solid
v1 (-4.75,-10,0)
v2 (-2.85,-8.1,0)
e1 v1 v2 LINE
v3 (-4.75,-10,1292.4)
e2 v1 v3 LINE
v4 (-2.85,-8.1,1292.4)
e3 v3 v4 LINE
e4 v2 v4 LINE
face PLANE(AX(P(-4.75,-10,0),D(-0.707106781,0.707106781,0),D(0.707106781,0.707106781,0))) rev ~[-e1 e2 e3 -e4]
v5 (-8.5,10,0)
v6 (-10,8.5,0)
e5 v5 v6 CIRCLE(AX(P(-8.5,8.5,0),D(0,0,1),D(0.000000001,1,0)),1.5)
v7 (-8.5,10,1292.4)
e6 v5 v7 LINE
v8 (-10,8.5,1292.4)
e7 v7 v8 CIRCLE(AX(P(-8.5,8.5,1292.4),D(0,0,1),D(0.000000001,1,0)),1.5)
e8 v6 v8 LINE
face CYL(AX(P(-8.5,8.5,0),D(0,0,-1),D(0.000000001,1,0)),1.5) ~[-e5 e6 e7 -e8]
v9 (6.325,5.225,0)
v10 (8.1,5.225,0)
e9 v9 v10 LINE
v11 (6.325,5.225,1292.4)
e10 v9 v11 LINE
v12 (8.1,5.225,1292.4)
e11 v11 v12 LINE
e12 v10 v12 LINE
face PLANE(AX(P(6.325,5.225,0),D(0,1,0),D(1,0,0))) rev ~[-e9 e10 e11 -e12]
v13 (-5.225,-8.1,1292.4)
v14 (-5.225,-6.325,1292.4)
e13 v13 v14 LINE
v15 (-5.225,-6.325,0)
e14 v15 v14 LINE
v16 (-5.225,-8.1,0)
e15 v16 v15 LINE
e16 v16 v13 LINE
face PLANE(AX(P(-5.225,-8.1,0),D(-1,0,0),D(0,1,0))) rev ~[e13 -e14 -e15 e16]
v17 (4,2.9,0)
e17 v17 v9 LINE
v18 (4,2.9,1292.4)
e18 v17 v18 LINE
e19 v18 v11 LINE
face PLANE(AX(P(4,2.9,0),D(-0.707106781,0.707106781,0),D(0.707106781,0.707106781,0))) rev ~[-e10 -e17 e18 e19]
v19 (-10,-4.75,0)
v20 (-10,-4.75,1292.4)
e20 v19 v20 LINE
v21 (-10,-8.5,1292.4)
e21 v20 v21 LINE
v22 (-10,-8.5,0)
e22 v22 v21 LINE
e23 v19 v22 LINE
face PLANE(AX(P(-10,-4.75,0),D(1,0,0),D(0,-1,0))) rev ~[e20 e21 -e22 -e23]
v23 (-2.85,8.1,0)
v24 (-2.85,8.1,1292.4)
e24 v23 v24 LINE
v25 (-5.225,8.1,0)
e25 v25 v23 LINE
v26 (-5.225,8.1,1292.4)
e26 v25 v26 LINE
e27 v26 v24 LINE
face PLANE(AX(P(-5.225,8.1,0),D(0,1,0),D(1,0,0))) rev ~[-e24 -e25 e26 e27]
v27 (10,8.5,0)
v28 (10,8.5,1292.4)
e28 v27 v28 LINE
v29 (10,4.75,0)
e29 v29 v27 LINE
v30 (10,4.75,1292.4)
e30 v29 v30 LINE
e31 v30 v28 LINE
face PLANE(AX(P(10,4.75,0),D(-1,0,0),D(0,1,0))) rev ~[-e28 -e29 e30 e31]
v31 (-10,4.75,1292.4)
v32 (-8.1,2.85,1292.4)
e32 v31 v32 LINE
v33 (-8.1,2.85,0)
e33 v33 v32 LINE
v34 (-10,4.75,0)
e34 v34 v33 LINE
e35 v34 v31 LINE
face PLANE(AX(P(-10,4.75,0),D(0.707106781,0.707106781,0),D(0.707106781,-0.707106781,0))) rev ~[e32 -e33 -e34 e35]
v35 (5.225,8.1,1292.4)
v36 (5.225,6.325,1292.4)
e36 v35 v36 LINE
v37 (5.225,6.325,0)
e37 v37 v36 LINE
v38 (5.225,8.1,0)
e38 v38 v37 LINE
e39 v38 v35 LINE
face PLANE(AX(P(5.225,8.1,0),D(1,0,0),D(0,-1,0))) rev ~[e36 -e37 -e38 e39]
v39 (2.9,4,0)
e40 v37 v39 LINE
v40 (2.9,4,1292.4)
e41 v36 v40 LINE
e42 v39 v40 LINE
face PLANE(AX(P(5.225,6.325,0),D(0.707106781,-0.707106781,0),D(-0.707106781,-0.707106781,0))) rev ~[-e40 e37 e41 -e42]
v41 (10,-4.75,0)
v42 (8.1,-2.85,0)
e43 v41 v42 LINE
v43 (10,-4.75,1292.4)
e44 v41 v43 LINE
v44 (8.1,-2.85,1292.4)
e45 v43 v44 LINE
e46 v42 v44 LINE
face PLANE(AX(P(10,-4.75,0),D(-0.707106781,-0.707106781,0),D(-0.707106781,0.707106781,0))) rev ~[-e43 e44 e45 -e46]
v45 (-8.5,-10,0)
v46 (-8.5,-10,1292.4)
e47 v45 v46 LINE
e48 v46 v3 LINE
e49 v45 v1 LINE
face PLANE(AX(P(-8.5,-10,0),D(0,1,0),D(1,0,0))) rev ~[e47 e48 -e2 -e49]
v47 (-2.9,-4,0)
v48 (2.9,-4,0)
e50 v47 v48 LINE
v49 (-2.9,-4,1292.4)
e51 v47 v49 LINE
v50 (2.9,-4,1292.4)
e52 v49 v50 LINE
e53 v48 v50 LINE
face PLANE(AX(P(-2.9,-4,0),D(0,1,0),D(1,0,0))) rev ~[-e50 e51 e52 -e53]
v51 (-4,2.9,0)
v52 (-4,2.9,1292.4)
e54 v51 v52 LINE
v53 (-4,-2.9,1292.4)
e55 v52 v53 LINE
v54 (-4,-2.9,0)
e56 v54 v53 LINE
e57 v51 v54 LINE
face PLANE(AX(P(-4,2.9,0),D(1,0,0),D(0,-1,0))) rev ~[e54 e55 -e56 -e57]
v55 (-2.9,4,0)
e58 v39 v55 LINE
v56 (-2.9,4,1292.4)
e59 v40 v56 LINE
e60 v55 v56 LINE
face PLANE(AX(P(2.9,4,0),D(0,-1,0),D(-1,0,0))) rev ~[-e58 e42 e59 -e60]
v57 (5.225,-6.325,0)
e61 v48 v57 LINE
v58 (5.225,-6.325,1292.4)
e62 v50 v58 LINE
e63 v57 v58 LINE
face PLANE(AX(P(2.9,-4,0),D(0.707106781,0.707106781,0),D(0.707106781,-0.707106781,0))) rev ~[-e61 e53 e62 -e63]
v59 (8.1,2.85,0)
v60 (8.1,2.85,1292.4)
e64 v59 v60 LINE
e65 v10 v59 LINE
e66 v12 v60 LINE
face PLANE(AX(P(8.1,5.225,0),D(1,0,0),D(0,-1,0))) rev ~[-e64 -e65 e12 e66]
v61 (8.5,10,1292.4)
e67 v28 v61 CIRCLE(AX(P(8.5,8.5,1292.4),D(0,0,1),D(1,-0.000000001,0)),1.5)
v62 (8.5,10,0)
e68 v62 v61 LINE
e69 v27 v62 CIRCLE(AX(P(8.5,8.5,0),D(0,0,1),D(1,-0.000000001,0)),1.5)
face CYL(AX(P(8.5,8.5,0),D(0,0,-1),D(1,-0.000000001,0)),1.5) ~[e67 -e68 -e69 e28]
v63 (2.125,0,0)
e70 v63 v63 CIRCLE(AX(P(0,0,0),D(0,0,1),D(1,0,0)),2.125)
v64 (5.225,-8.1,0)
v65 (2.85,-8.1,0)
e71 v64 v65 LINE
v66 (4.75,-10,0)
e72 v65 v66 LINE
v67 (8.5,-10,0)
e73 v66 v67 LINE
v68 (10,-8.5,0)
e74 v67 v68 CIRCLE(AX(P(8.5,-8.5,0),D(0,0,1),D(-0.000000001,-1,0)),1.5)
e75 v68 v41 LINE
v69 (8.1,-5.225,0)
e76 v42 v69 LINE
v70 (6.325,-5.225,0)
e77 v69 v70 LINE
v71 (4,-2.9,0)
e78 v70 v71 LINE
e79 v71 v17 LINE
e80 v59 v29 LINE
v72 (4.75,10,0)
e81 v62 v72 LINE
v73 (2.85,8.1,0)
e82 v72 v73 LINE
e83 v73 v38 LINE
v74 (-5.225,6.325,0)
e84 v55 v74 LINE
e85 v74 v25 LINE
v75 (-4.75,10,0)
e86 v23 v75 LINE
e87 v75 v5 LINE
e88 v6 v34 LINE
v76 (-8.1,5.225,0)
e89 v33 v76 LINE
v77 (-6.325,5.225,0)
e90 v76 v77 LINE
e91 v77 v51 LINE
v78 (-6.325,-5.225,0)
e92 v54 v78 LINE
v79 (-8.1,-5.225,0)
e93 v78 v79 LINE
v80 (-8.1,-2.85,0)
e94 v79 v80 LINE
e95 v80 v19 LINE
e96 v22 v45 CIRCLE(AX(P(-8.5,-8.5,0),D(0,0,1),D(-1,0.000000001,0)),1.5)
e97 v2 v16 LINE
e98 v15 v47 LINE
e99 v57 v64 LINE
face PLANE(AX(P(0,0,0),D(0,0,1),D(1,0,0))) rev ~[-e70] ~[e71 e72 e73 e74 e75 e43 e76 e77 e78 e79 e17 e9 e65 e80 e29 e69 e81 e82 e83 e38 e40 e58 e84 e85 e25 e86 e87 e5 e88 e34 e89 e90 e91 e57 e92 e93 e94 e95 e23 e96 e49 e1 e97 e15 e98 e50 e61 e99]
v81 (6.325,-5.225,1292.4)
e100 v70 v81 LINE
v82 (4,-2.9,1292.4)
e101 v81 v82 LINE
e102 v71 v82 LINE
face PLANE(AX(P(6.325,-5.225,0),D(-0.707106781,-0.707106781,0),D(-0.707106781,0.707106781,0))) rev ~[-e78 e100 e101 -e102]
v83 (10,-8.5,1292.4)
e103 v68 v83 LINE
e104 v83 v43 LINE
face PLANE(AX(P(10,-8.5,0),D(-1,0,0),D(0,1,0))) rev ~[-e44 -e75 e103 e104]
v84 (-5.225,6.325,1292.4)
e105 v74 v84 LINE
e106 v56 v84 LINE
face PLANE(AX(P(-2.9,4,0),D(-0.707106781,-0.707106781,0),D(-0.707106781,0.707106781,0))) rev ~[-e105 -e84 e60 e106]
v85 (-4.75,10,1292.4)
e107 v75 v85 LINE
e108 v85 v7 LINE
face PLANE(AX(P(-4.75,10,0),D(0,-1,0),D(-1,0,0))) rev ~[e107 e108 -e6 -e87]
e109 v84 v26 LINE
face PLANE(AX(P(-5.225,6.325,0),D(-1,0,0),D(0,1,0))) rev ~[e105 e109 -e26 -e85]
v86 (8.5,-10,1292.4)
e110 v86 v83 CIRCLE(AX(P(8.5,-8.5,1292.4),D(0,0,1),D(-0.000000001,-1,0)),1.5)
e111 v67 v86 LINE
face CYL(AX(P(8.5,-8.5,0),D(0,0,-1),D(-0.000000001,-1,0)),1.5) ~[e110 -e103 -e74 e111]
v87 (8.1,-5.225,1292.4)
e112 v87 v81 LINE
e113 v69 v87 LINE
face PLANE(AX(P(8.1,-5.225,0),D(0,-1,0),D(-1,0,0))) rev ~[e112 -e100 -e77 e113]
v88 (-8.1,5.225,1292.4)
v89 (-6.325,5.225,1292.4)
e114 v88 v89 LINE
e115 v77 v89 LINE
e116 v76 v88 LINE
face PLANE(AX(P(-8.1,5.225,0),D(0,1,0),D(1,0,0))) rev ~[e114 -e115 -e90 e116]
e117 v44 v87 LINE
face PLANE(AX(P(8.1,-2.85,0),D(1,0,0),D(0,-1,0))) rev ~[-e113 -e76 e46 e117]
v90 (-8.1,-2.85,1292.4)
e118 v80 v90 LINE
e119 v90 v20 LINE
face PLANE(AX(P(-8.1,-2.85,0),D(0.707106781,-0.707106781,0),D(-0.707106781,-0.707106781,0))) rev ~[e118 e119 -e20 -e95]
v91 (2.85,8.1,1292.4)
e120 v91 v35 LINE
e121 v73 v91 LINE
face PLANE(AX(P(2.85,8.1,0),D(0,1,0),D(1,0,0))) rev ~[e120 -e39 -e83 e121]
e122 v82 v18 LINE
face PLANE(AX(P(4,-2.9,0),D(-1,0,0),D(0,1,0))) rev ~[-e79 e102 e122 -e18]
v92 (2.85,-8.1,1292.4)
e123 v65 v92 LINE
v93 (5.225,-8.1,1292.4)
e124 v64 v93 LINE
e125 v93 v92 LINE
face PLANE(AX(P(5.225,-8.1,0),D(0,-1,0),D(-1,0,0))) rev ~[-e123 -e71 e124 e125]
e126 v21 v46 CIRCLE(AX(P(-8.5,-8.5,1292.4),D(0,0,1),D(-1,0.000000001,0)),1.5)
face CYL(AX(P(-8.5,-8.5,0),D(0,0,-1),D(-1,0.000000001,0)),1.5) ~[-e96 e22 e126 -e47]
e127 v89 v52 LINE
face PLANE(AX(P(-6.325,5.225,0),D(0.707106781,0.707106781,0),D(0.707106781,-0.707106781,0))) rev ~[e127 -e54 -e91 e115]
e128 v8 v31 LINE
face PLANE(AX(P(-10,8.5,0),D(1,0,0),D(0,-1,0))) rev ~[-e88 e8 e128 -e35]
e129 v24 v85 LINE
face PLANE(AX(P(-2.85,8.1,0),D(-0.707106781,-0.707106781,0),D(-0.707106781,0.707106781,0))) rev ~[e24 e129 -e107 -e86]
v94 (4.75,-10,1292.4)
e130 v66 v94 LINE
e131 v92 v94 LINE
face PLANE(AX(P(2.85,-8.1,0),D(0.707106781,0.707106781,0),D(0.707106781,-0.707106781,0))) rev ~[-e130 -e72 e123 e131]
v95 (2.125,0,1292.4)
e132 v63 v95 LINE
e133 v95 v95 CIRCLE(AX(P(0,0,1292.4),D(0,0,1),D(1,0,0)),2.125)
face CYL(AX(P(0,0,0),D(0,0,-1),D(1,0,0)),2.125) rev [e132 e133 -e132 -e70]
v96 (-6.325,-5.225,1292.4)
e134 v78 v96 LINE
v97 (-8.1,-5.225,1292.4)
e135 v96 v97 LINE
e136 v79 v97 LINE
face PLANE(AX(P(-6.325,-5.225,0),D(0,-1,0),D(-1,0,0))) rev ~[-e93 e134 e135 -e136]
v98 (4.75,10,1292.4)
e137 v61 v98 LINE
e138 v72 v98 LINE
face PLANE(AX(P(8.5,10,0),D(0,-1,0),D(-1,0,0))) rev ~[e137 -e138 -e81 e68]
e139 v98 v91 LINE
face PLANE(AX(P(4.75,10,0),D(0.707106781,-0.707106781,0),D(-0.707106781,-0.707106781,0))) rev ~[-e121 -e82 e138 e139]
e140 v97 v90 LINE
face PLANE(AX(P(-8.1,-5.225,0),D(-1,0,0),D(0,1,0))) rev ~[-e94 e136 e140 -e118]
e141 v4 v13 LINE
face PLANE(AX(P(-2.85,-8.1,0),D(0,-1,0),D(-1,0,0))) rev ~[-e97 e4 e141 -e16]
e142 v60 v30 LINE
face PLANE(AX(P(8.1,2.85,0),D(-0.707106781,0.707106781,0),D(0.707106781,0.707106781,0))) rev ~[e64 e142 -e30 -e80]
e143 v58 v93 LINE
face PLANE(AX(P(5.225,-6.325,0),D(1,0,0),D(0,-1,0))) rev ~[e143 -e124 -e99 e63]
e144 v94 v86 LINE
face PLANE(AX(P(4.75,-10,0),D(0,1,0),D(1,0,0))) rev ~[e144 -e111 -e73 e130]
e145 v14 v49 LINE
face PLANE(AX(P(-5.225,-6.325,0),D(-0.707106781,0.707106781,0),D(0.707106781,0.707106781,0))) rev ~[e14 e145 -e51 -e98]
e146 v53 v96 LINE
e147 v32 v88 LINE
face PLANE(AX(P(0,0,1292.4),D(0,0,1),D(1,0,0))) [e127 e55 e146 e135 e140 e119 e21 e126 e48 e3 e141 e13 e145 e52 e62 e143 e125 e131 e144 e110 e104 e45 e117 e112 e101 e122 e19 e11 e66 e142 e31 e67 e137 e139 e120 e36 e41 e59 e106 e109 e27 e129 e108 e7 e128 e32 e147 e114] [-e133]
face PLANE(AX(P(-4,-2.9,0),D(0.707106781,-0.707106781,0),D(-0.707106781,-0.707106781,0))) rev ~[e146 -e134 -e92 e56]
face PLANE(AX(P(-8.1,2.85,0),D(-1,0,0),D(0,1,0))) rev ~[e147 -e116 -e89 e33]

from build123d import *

# Parameters (mm, degrees)
SKETCH1_R           = 2.125
BOSS_EXTRUDE1_DEPTH = 1292.4


with BuildPart() as part:
    # Sketch1 → Boss-Extrude1 (new body)
    with BuildSketch(Plane.XY):
        with BuildLine():
            Line((8.1, 5.225), (8.1, 2.85))
            Line((8.1, 2.85), (10, 4.75))
            Line((10, 4.75), (10, 8.5))
            ThreePointArc((10, 8.5), (9.560660172, 9.560660172), (8.5, 10))
            Line((8.5, 10), (4.75, 10))
            Line((4.75, 10), (2.85, 8.1))
            Line((2.85, 8.1), (5.225, 8.1))
            Line((5.225, 8.1), (5.225, 6.325))
            Line((5.225, 6.325), (2.9, 4))
            Line((2.9, 4), (-2.9, 4))
            Line((-2.9, 4), (-5.225, 6.325))
            Line((-5.225, 6.325), (-5.225, 8.1))
            Line((-5.225, 8.1), (-2.85, 8.1))
            Line((-2.85, 8.1), (-4.75, 10))
            Line((-4.75, 10), (-8.5, 10))
            ThreePointArc((-8.5, 10), (-9.560660172, 9.560660172), (-10, 8.5))
            Line((-10, 8.5), (-10, 4.75))
            Line((-10, 4.75), (-8.1, 2.85))
            Line((-8.1, 2.85), (-8.1, 5.225))
            Line((-8.1, 5.225), (-6.325, 5.225))
            Line((-6.325, 5.225), (-4, 2.9))
            Line((-4, 2.9), (-4, -2.9))
            Line((-4, -2.9), (-6.325, -5.225))
            Line((-6.325, -5.225), (-8.1, -5.225))
            Line((-8.1, -5.225), (-8.1, -2.85))
            Line((-8.1, -2.85), (-10, -4.75))
            Line((-10, -4.75), (-10, -8.5))
            ThreePointArc((-10, -8.5), (-9.560660172, -9.560660172), (-8.5, -10))
            Line((-8.5, -10), (-4.75, -10))
            Line((-4.75, -10), (-2.85, -8.1))
            Line((-2.85, -8.1), (-5.225, -8.1))
            Line((-5.225, -8.1), (-5.225, -6.325))
            Line((-5.225, -6.325), (-2.9, -4))
            Line((-2.9, -4), (2.9, -4))
            Line((2.9, -4), (5.225, -6.325))
            Line((5.225, -6.325), (5.225, -8.1))
            Line((5.225, -8.1), (2.85, -8.1))
            Line((2.85, -8.1), (4.75, -10))
            Line((4.75, -10), (8.5, -10))
            ThreePointArc((8.5, -10), (9.560660172, -9.560660172), (10, -8.5))
            Line((10, -8.5), (10, -4.75))
            Line((10, -4.75), (8.1, -2.85))
            Line((8.1, -2.85), (8.1, -5.225))
            Line((8.1, -5.225), (6.325, -5.225))
            Line((6.325, -5.225), (4, -2.9))
            Line((4, -2.9), (4, 2.9))
            Line((4, 2.9), (6.325, 5.225))
            Line((6.325, 5.225), (8.1, 5.225))
        make_face()
        Circle(SKETCH1_R, mode=Mode.SUBTRACT)
    extrude(amount=BOSS_EXTRUDE1_DEPTH)


solid = part.part
